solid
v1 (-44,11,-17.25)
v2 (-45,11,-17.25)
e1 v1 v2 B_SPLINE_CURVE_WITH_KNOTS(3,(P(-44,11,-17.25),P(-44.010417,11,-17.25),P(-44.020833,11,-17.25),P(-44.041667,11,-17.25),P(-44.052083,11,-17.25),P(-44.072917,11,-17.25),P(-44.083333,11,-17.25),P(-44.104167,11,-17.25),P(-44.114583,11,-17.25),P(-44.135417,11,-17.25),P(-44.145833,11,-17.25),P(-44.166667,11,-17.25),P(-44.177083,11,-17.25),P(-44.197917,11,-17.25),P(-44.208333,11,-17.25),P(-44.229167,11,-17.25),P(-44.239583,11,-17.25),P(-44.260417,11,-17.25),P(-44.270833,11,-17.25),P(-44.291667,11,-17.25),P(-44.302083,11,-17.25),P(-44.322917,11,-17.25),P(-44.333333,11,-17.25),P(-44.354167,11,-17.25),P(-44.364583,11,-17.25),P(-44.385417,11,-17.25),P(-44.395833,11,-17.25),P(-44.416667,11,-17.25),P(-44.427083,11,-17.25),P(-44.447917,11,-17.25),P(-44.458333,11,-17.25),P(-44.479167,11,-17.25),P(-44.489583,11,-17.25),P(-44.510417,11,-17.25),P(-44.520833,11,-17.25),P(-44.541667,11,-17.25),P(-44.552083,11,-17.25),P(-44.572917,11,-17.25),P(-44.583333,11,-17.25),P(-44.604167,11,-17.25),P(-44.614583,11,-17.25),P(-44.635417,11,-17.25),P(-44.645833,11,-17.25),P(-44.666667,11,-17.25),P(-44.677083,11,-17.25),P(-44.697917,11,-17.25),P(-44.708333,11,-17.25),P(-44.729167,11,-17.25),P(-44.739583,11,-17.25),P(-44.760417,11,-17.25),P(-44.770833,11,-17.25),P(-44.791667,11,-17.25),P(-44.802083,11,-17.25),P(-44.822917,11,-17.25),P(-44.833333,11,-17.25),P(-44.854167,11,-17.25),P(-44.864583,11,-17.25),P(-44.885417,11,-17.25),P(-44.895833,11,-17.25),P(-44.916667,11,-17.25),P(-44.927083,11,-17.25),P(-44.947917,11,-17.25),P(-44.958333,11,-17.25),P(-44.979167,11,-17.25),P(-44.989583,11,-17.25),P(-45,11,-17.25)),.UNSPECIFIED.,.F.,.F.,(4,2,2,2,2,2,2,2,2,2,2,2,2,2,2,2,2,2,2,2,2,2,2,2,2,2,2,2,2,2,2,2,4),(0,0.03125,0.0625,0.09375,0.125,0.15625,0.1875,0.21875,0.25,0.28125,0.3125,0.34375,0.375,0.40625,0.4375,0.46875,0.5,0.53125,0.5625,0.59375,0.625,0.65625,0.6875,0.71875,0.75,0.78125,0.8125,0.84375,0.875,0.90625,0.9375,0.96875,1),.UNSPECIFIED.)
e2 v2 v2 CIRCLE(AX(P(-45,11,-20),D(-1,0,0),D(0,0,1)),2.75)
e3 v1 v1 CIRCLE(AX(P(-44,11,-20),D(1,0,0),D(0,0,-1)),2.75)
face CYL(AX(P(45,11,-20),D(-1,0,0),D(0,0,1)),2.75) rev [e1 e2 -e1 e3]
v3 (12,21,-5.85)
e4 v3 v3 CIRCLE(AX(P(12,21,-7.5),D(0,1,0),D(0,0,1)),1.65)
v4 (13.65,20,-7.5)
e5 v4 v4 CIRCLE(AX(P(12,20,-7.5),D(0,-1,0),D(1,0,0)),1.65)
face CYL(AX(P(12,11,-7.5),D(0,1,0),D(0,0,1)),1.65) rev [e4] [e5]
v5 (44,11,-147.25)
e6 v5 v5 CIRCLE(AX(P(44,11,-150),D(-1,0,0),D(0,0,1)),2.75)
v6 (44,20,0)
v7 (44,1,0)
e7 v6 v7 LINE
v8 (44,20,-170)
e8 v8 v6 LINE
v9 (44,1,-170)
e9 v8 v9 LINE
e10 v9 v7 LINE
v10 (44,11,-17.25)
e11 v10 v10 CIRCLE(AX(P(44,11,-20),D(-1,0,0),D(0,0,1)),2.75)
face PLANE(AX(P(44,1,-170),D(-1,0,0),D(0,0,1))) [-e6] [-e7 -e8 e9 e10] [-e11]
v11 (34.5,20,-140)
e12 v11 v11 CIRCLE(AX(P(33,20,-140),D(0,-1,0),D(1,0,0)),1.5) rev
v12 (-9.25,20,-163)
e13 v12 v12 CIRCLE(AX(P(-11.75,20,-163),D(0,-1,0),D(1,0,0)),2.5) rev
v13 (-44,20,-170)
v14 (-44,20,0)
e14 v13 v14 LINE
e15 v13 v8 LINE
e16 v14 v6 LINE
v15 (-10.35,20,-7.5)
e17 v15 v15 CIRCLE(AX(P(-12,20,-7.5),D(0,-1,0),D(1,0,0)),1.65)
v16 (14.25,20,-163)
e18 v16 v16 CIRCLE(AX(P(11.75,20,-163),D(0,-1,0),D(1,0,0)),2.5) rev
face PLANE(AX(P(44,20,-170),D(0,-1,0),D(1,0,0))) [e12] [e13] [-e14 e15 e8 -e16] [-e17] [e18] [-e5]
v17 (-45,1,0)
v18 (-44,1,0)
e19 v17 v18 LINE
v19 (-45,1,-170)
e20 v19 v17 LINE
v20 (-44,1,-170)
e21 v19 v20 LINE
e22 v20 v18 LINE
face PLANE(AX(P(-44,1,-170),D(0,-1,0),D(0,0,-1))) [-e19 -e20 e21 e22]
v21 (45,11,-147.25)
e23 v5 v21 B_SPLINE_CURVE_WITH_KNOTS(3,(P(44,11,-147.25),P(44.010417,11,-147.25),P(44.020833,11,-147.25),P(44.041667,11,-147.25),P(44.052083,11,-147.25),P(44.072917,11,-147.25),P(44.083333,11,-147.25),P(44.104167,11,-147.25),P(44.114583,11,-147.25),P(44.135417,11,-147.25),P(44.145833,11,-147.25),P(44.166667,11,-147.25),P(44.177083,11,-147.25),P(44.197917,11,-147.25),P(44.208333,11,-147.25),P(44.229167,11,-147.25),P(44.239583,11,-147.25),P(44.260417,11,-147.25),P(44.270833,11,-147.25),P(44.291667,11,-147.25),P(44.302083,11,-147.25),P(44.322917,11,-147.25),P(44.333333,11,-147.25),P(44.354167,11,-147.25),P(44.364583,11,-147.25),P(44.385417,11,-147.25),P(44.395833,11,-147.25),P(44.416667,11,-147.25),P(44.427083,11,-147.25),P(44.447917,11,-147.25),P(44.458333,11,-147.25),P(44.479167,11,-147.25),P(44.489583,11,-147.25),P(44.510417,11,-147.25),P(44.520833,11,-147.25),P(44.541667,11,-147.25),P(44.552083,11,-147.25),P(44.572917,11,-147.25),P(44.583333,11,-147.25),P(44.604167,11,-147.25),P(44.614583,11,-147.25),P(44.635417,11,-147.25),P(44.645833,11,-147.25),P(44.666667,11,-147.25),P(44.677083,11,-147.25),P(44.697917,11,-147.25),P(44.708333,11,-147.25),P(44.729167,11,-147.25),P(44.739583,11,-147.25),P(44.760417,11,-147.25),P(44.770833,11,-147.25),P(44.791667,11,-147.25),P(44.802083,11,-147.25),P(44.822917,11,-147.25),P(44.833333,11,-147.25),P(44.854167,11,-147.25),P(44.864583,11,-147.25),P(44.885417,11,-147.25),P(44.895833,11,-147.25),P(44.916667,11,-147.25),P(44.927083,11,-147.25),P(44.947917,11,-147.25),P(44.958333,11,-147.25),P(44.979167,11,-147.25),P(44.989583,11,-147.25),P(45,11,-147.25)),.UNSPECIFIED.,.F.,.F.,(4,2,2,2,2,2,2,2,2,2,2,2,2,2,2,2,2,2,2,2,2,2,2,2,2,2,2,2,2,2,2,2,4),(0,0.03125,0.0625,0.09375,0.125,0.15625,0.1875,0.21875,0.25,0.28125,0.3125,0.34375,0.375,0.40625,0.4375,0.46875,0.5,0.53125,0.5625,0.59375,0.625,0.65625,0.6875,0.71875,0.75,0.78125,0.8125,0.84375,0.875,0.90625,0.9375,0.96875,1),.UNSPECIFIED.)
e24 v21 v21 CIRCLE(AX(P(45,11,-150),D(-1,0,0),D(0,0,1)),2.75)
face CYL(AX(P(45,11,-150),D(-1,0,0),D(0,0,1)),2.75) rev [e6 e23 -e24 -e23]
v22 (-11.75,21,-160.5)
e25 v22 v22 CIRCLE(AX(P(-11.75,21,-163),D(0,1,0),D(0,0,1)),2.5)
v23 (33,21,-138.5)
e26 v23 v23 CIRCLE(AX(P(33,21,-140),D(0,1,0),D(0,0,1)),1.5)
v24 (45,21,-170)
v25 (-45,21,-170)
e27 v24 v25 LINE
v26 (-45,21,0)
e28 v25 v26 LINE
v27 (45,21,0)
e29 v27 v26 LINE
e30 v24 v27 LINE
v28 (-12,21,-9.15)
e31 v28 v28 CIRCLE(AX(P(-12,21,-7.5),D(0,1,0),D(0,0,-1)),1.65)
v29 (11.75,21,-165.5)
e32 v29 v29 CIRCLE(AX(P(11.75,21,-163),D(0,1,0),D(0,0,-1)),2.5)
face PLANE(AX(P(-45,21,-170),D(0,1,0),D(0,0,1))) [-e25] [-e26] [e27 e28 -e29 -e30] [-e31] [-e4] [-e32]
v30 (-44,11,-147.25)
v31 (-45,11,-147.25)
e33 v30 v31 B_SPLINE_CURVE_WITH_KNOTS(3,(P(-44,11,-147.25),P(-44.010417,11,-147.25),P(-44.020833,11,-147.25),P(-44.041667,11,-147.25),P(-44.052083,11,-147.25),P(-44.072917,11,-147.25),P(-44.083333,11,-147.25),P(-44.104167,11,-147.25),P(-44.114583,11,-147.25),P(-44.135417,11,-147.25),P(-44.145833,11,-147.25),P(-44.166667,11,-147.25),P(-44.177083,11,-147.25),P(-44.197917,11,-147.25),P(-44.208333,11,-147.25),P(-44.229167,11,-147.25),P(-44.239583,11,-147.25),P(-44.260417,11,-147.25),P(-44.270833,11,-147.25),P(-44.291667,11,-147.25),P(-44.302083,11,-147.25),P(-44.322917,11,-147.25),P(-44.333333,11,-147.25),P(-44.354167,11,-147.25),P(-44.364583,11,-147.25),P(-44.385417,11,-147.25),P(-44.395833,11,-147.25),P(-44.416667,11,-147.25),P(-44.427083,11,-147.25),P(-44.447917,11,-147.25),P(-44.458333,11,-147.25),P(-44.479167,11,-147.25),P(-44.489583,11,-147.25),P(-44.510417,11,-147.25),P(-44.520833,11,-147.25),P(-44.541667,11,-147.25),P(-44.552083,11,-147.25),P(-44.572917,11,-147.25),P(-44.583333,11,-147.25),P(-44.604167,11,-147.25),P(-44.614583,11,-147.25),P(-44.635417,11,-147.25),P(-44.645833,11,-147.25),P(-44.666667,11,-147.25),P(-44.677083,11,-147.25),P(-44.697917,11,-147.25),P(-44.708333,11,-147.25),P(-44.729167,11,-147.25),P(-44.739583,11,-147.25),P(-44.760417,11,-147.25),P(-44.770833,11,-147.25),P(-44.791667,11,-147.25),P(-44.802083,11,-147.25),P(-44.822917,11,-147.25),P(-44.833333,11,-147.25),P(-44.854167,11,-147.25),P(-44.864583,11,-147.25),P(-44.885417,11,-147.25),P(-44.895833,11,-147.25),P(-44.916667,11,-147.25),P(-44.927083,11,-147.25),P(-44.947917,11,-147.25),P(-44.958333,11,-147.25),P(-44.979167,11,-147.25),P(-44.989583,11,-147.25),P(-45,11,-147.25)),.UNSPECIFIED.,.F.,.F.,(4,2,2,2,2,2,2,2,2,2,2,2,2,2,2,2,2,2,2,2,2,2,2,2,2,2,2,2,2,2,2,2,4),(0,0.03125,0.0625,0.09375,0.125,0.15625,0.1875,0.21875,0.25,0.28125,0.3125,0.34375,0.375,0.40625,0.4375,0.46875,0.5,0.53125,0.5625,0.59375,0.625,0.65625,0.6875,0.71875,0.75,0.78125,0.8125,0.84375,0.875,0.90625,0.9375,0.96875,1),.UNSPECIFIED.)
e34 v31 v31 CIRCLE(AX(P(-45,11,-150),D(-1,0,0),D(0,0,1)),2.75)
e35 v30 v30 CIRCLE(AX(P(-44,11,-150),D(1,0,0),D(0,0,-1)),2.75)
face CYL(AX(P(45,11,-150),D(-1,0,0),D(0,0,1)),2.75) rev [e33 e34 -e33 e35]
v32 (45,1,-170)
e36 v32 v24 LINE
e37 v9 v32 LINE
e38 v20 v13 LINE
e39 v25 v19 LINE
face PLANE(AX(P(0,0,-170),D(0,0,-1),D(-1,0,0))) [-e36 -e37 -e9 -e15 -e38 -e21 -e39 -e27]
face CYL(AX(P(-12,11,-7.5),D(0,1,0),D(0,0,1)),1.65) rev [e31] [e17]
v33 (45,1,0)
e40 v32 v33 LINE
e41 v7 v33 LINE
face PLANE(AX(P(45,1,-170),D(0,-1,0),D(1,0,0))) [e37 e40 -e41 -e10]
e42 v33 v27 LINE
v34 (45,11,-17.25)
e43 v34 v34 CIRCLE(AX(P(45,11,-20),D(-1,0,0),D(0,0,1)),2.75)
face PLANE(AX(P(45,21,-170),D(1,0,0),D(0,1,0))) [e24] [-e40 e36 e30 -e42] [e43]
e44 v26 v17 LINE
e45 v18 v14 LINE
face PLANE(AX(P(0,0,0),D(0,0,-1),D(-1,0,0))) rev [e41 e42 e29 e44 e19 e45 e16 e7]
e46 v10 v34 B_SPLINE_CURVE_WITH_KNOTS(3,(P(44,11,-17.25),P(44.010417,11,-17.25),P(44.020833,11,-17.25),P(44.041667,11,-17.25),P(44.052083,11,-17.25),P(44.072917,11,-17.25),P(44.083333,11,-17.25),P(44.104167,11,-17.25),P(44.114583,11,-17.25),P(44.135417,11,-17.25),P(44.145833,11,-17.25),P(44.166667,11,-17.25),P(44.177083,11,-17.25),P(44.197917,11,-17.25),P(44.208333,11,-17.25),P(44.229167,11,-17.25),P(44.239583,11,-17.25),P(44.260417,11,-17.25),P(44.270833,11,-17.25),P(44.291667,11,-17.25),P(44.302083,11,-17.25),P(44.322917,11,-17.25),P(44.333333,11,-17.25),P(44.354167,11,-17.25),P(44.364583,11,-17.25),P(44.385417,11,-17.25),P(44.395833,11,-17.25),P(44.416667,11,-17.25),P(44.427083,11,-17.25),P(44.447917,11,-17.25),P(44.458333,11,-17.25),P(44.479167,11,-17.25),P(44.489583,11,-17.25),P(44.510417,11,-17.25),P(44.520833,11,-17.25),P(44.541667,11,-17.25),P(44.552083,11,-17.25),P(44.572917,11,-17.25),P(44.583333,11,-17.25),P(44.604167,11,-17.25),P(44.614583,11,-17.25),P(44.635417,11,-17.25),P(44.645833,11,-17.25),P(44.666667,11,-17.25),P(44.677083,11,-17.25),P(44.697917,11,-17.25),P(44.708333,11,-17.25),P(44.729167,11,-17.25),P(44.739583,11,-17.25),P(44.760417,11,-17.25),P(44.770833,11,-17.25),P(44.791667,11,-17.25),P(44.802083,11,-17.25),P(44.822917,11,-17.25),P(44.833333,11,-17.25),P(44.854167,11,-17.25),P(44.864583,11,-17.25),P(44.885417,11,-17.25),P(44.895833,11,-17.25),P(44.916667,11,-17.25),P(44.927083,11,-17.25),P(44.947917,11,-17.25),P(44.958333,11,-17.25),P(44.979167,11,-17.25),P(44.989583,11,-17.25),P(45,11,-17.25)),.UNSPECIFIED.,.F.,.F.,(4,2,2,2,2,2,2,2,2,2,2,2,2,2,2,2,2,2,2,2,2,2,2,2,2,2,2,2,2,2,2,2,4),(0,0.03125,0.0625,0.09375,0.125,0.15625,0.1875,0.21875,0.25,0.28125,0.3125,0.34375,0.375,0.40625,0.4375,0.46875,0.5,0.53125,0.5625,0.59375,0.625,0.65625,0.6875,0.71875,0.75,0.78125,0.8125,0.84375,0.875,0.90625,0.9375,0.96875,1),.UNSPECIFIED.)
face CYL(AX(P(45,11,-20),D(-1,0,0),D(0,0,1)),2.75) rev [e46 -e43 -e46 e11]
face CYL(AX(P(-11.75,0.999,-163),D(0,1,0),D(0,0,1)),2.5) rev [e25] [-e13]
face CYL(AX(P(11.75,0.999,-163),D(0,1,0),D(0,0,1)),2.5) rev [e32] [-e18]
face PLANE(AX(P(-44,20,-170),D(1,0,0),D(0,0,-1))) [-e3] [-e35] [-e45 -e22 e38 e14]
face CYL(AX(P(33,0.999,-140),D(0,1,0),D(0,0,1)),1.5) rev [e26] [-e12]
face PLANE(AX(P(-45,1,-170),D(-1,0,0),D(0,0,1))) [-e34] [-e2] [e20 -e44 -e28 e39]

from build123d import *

# Parameters (mm, degrees)
BOSS_EXTRUDE1_DEPTH = 170
SKETCH2_R           = 2.75
CUT_EXTRUDE1_DEPTH  = 90
SKETCH3_R           = 1.65
CUT_EXTRUDE2_DEPTH  = 10
CUT_EXTRUDE3_REACH  = 178.989
SKETCH4_R           = 2.5
CUT_EXTRUDE4_REACH  = 178.989
SKETCH5_R           = 1.5


with BuildPart() as part:
    # Sketch1 → Boss-Extrude1 (new body)
    with BuildSketch(Plane.XY):
        Polygon((-45, 1), (-45, 21), (45, 21), (45, 1), (44, 1), (44, 20), (-44, 20), (-44, 1), align=None)
    extrude(amount=-BOSS_EXTRUDE1_DEPTH)

    # Sketch2 → Cut-Extrude1 (cut)
    with BuildSketch(Plane.ZY.offset(45)):
        with Locations((-150, 11)):
            Circle(SKETCH2_R)
        with Locations((-20, 11)):
            Circle(SKETCH2_R)
    extrude(amount=-CUT_EXTRUDE1_DEPTH, mode=Mode.SUBTRACT)

    # Sketch3 → Cut-Extrude2 (cut)
    with BuildSketch(Plane(origin=(0, 21, 0), x_dir=(1, 0, 0), z_dir=(0, 1, 0))):
        with Locations(Location((12, 7.5, 0), (0, 0, 270))):
            Circle(SKETCH3_R)
        with Locations((-12, 7.5)):
            Circle(SKETCH3_R)
    extrude(amount=-CUT_EXTRUDE2_DEPTH, mode=Mode.SUBTRACT)

    # Sketch4 → Cut-Extrude3 (cut, up to next)
    with BuildSketch(Plane(origin=(0, 21, 0), x_dir=(1, 0, 0), z_dir=(0, 1, 0)), mode=Mode.PRIVATE) as cut_extrude3_sk1:
        with Locations(Location((-11.75, 163, 0), (0, 0, 270))):
            Circle(SKETCH4_R)
    cut_extrude3_tool1 = extrude(cut_extrude3_sk1.sketch, amount=-CUT_EXTRUDE3_REACH, mode=Mode.PRIVATE) & part.part
    # Sketch4 → Cut-Extrude3 (cut, up to next)
    with BuildSketch(Plane(origin=(0, 21, 0), x_dir=(1, 0, 0), z_dir=(0, 1, 0)), mode=Mode.PRIVATE) as cut_extrude3_sk2:
        with Locations((11.75, 163)):
            Circle(SKETCH4_R)
    cut_extrude3_tool2 = extrude(cut_extrude3_sk2.sketch, amount=-CUT_EXTRUDE3_REACH, mode=Mode.PRIVATE) & part.part
    add(cut_extrude3_tool1.solids().sort_by_distance((-11.75, 21, -163))[0], mode=Mode.SUBTRACT)
    add(cut_extrude3_tool2.solids().sort_by_distance((11.75, 21, -163))[0], mode=Mode.SUBTRACT)

    # Sketch5 → Cut-Extrude4 (cut, up to next)
    with BuildSketch(Plane(origin=(0, 21, 0), x_dir=(1, 0, 0), z_dir=(0, 1, 0)), mode=Mode.PRIVATE) as cut_extrude4_sk1:
        with Locations(Location((33, 140, 0), (0, 0, 270))):
            Circle(SKETCH5_R)
    cut_extrude4_tool1 = extrude(cut_extrude4_sk1.sketch, amount=-CUT_EXTRUDE4_REACH, mode=Mode.PRIVATE) & part.part
    add(cut_extrude4_tool1.solids().sort_by_distance((33, 21, -140))[0], mode=Mode.SUBTRACT)


solid = part.part
